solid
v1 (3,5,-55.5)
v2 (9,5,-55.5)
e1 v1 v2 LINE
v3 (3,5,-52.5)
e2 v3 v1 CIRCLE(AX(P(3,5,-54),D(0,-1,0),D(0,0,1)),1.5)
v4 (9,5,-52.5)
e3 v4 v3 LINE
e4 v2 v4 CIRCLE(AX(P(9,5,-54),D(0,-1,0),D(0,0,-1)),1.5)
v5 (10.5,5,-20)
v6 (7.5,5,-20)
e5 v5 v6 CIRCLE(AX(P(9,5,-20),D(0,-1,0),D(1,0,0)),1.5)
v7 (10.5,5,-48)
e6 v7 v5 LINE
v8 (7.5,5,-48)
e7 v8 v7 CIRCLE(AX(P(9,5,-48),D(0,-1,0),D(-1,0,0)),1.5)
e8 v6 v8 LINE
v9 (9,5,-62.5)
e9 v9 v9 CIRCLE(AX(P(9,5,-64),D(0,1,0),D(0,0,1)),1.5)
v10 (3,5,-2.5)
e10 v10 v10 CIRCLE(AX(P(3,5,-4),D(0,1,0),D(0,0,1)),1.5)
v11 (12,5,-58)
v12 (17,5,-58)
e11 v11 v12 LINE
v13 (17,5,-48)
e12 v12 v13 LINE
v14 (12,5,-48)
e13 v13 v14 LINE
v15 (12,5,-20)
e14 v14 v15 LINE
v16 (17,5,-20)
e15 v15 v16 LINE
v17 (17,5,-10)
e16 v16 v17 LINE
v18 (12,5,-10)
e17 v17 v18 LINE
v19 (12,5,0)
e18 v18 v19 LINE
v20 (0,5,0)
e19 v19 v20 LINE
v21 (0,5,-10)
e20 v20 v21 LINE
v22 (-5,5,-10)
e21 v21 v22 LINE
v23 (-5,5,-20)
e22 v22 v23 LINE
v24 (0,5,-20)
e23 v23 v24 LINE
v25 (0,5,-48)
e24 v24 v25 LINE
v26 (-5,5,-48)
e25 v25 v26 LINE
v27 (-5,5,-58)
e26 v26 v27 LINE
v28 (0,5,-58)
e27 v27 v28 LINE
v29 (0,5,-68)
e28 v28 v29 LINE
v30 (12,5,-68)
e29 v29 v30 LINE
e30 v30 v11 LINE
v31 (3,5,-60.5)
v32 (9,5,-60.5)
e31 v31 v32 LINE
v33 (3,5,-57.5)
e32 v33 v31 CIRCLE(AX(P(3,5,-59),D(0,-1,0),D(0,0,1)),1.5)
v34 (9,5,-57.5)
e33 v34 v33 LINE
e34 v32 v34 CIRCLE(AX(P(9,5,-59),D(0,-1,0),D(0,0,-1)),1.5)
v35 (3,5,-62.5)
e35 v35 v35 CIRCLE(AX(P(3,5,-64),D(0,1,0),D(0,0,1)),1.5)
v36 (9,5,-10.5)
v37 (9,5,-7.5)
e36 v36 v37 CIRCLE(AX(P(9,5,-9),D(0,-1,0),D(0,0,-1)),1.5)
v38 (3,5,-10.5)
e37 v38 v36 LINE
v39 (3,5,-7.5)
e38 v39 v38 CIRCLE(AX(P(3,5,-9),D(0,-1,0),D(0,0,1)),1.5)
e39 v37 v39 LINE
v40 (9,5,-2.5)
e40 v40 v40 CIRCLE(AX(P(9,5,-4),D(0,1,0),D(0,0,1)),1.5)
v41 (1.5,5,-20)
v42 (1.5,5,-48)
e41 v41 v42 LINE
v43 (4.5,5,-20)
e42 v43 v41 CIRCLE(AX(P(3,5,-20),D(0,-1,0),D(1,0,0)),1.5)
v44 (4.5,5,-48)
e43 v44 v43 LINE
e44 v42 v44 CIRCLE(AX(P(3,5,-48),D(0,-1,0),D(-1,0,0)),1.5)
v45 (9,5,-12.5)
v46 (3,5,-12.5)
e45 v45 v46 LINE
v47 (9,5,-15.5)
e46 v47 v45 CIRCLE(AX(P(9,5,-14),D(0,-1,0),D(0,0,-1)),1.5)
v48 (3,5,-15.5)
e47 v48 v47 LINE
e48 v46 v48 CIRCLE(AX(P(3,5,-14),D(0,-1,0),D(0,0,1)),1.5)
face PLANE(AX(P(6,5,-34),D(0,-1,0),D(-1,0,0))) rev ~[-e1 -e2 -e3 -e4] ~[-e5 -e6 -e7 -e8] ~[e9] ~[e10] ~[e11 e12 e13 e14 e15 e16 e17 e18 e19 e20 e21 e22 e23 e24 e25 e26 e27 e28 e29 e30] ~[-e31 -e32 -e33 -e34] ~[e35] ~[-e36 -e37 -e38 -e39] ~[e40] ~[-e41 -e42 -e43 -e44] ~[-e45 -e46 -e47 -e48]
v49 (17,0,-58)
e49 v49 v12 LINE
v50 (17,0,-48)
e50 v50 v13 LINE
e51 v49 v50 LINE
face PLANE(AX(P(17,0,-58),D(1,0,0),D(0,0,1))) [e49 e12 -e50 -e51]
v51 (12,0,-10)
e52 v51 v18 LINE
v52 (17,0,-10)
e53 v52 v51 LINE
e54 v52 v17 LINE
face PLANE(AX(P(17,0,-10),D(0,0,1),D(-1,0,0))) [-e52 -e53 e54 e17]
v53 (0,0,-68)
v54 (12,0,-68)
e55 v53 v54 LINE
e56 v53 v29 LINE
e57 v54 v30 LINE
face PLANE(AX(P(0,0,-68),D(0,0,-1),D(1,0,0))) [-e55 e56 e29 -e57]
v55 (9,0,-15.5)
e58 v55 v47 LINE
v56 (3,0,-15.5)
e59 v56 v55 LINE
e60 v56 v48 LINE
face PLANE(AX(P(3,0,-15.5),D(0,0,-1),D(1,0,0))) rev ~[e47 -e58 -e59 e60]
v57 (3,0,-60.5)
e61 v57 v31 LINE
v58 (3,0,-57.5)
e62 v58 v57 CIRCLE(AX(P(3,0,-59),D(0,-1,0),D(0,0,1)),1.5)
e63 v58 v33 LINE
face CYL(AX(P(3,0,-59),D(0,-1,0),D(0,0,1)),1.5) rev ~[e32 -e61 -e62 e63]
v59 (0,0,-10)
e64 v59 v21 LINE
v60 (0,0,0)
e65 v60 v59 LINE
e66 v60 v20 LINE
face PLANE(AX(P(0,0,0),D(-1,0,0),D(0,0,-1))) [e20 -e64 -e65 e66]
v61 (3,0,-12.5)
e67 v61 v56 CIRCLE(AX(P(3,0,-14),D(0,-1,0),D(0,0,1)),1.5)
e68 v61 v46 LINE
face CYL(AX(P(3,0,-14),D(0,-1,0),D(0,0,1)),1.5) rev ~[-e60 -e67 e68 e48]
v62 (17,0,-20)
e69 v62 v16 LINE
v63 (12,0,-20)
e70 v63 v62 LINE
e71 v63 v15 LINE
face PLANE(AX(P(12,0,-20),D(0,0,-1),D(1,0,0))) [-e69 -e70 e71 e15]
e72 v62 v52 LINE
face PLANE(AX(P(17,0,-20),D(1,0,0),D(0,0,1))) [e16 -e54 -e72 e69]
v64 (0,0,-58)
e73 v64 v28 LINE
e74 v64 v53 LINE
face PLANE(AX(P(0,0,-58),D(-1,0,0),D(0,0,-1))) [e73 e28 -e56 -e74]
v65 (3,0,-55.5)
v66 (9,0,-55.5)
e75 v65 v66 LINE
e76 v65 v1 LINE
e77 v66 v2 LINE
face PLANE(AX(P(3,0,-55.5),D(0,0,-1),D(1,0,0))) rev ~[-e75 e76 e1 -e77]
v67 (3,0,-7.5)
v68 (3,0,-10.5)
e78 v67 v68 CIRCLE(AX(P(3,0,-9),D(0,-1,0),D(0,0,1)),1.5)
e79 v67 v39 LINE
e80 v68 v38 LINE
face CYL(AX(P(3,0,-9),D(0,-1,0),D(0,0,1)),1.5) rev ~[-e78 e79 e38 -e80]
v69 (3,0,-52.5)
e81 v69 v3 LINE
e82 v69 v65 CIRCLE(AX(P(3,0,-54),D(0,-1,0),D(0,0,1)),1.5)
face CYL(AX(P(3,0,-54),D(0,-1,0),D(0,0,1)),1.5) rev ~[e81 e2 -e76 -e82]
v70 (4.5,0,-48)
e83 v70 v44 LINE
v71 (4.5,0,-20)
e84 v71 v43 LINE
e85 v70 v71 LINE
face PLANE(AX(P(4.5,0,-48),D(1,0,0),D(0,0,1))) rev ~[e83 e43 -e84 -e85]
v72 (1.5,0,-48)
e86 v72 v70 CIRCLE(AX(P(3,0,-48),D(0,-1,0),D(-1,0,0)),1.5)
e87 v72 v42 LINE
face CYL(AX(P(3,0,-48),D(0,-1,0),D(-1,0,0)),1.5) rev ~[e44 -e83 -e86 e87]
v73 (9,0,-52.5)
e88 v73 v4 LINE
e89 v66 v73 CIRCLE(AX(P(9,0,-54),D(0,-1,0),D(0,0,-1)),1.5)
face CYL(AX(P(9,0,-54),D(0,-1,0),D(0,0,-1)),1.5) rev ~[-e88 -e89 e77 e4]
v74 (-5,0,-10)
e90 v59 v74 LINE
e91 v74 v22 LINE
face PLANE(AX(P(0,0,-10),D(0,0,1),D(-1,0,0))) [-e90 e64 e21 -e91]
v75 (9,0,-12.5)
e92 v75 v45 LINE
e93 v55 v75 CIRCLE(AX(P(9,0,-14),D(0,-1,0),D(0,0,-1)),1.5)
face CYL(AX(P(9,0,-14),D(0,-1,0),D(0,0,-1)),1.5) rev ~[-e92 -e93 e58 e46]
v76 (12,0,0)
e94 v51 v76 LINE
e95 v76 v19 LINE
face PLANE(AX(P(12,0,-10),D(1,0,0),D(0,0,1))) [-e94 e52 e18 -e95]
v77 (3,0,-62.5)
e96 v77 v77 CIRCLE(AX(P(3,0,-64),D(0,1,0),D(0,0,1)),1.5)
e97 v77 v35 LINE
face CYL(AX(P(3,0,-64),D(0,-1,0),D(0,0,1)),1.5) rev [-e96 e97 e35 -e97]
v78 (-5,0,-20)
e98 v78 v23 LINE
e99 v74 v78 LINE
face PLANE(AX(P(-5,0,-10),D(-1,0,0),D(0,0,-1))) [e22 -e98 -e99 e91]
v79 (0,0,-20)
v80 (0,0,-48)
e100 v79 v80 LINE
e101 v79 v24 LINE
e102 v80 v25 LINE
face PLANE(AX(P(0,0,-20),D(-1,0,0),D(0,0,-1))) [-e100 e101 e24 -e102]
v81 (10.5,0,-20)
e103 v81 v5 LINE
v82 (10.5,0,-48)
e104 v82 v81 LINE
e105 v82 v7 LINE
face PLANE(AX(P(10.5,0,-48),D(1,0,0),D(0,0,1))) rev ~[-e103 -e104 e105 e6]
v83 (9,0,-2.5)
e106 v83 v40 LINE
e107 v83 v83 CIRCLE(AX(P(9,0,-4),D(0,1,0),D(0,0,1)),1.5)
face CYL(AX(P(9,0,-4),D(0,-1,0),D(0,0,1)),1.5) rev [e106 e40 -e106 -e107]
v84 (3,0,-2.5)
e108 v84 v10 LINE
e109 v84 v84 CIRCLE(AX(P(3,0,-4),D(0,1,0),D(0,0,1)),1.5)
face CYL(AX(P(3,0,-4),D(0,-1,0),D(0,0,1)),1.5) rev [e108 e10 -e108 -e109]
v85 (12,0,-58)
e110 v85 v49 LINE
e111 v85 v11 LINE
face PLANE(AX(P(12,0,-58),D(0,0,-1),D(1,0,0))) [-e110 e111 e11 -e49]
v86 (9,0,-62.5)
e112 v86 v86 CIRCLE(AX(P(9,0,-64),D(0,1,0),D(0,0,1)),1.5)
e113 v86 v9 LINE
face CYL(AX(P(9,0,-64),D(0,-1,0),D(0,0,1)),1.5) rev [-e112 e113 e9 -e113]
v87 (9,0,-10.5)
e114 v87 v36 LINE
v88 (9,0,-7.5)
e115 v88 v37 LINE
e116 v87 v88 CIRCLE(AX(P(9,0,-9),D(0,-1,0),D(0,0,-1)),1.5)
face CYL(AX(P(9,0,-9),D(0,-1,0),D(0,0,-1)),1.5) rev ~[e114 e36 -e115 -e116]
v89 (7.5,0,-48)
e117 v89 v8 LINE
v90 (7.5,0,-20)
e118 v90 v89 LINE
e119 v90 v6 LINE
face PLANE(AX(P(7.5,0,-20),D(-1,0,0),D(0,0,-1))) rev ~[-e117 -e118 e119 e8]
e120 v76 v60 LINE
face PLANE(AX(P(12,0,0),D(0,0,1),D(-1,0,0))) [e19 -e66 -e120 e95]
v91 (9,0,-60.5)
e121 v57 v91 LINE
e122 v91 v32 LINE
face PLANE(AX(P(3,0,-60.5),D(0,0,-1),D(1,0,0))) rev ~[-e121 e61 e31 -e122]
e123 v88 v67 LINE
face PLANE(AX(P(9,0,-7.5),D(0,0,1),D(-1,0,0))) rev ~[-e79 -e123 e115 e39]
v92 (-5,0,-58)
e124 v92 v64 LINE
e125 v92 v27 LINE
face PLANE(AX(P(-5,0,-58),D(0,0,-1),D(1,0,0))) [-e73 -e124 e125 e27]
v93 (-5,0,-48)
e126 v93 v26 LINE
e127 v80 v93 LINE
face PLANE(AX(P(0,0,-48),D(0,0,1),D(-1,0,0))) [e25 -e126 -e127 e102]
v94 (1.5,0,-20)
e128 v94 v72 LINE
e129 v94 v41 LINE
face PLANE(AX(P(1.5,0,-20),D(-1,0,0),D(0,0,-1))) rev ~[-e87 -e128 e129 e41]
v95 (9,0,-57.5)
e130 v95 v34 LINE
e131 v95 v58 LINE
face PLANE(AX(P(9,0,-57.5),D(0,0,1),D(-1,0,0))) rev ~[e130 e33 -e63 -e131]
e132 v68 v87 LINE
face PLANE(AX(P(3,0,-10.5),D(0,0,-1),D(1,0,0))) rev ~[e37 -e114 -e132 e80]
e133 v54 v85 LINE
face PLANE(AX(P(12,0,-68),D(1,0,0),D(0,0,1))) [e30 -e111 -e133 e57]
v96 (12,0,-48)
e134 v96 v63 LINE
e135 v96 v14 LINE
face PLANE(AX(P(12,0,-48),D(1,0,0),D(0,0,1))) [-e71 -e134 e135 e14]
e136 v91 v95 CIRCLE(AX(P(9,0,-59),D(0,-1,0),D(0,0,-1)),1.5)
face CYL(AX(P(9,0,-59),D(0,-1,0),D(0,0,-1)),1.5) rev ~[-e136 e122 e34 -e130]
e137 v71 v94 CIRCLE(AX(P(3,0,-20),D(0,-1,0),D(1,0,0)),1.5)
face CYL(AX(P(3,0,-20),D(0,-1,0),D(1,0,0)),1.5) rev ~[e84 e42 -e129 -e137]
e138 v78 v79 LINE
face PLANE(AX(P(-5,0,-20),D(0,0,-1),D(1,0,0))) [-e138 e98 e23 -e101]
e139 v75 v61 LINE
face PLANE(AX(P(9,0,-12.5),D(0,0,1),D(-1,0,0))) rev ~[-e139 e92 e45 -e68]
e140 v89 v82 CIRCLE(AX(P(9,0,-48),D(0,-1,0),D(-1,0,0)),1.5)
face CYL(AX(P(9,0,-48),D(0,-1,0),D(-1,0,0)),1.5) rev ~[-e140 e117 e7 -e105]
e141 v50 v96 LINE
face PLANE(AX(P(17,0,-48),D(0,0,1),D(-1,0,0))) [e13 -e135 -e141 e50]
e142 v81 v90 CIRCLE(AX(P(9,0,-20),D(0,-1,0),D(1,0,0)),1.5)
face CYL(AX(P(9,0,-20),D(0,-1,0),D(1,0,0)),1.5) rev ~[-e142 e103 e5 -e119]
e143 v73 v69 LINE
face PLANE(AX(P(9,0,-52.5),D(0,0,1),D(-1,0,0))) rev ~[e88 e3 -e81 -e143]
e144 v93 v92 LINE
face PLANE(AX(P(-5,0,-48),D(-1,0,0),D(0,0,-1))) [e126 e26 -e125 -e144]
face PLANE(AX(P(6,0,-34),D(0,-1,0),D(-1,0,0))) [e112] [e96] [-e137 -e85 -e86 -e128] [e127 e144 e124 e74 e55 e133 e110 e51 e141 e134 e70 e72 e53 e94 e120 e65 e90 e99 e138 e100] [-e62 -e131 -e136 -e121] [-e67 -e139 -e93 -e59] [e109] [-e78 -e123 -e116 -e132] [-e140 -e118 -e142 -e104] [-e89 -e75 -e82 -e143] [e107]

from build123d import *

# Parameters (mm, degrees)
SKETCH_1_R      = 1.5
EXTRUDE_1_DEPTH = 5


with BuildPart() as part:
    # 草图1 → 凸台-拉伸1 (new body)
    with BuildSketch(Plane(origin=(0, 0, 0), x_dir=(1, 0, 0), z_dir=(0, 1, 0))):
        Polygon((0, 0), (0, 10), (-5, 10), (-5, 20), (0, 20), (0, 48), (-5, 48), (-5, 58), (0, 58), (0, 68), (12, 68), (12, 58), (17, 58), (17, 48), (12, 48), (12, 20), (17, 20), (17, 10), (12, 10), (12, 0), align=None)
        with Locations(Location((3, 64, 0), (0, 0, 270))):
            Circle(SKETCH_1_R, mode=Mode.SUBTRACT)
        with Locations(Location((9, 64, 0), (0, 0, 270))):
            Circle(SKETCH_1_R, mode=Mode.SUBTRACT)
        with Locations(Location((3, 4, 0), (0, 0, 270))):
            Circle(SKETCH_1_R, mode=Mode.SUBTRACT)
        with Locations(Location((9, 4, 0), (0, 0, 270))):
            Circle(SKETCH_1_R, mode=Mode.SUBTRACT)
        with BuildLine():
            Line((3, 55.5), (9, 55.5))
            ThreePointArc((9, 55.5), (10.5, 54), (9, 52.5))
            Line((9, 52.5), (3, 52.5))
            ThreePointArc((3, 52.5), (1.5, 54), (3, 55.5))
        make_face(mode=Mode.SUBTRACT)
        with BuildLine():
            Line((3, 15.5), (9, 15.5))
            ThreePointArc((9, 15.5), (10.5, 14), (9, 12.5))
            Line((9, 12.5), (3, 12.5))
            ThreePointArc((3, 12.5), (1.5, 14), (3, 15.5))
        make_face(mode=Mode.SUBTRACT)
        with BuildLine():
            Line((4.5, 48), (4.5, 20))
            ThreePointArc((4.5, 20), (3, 18.5), (1.5, 20))
            Line((1.5, 20), (1.5, 48))
            ThreePointArc((1.5, 48), (3, 49.5), (4.5, 48))
        make_face(mode=Mode.SUBTRACT)
        with BuildLine():
            Line((10.5, 48), (10.5, 20))
            ThreePointArc((10.5, 20), (9, 18.5), (7.5, 20))
            Line((7.5, 20), (7.5, 48))
            ThreePointArc((7.5, 48), (9, 49.5), (10.5, 48))
        make_face(mode=Mode.SUBTRACT)
        with BuildLine():
            Line((3, 60.5), (9, 60.5))
            ThreePointArc((9, 60.5), (10.5, 59), (9, 57.5))
            Line((9, 57.5), (3, 57.5))
            ThreePointArc((3, 57.5), (1.5, 59), (3, 60.5))
        make_face(mode=Mode.SUBTRACT)
        with BuildLine():
            Line((3, 10.5), (9, 10.5))
            ThreePointArc((9, 10.5), (10.5, 9), (9, 7.5))
            Line((9, 7.5), (3, 7.5))
            ThreePointArc((3, 7.5), (1.5, 9), (3, 10.5))
        make_face(mode=Mode.SUBTRACT)
    extrude(amount=EXTRUDE_1_DEPTH)


solid = part.part
